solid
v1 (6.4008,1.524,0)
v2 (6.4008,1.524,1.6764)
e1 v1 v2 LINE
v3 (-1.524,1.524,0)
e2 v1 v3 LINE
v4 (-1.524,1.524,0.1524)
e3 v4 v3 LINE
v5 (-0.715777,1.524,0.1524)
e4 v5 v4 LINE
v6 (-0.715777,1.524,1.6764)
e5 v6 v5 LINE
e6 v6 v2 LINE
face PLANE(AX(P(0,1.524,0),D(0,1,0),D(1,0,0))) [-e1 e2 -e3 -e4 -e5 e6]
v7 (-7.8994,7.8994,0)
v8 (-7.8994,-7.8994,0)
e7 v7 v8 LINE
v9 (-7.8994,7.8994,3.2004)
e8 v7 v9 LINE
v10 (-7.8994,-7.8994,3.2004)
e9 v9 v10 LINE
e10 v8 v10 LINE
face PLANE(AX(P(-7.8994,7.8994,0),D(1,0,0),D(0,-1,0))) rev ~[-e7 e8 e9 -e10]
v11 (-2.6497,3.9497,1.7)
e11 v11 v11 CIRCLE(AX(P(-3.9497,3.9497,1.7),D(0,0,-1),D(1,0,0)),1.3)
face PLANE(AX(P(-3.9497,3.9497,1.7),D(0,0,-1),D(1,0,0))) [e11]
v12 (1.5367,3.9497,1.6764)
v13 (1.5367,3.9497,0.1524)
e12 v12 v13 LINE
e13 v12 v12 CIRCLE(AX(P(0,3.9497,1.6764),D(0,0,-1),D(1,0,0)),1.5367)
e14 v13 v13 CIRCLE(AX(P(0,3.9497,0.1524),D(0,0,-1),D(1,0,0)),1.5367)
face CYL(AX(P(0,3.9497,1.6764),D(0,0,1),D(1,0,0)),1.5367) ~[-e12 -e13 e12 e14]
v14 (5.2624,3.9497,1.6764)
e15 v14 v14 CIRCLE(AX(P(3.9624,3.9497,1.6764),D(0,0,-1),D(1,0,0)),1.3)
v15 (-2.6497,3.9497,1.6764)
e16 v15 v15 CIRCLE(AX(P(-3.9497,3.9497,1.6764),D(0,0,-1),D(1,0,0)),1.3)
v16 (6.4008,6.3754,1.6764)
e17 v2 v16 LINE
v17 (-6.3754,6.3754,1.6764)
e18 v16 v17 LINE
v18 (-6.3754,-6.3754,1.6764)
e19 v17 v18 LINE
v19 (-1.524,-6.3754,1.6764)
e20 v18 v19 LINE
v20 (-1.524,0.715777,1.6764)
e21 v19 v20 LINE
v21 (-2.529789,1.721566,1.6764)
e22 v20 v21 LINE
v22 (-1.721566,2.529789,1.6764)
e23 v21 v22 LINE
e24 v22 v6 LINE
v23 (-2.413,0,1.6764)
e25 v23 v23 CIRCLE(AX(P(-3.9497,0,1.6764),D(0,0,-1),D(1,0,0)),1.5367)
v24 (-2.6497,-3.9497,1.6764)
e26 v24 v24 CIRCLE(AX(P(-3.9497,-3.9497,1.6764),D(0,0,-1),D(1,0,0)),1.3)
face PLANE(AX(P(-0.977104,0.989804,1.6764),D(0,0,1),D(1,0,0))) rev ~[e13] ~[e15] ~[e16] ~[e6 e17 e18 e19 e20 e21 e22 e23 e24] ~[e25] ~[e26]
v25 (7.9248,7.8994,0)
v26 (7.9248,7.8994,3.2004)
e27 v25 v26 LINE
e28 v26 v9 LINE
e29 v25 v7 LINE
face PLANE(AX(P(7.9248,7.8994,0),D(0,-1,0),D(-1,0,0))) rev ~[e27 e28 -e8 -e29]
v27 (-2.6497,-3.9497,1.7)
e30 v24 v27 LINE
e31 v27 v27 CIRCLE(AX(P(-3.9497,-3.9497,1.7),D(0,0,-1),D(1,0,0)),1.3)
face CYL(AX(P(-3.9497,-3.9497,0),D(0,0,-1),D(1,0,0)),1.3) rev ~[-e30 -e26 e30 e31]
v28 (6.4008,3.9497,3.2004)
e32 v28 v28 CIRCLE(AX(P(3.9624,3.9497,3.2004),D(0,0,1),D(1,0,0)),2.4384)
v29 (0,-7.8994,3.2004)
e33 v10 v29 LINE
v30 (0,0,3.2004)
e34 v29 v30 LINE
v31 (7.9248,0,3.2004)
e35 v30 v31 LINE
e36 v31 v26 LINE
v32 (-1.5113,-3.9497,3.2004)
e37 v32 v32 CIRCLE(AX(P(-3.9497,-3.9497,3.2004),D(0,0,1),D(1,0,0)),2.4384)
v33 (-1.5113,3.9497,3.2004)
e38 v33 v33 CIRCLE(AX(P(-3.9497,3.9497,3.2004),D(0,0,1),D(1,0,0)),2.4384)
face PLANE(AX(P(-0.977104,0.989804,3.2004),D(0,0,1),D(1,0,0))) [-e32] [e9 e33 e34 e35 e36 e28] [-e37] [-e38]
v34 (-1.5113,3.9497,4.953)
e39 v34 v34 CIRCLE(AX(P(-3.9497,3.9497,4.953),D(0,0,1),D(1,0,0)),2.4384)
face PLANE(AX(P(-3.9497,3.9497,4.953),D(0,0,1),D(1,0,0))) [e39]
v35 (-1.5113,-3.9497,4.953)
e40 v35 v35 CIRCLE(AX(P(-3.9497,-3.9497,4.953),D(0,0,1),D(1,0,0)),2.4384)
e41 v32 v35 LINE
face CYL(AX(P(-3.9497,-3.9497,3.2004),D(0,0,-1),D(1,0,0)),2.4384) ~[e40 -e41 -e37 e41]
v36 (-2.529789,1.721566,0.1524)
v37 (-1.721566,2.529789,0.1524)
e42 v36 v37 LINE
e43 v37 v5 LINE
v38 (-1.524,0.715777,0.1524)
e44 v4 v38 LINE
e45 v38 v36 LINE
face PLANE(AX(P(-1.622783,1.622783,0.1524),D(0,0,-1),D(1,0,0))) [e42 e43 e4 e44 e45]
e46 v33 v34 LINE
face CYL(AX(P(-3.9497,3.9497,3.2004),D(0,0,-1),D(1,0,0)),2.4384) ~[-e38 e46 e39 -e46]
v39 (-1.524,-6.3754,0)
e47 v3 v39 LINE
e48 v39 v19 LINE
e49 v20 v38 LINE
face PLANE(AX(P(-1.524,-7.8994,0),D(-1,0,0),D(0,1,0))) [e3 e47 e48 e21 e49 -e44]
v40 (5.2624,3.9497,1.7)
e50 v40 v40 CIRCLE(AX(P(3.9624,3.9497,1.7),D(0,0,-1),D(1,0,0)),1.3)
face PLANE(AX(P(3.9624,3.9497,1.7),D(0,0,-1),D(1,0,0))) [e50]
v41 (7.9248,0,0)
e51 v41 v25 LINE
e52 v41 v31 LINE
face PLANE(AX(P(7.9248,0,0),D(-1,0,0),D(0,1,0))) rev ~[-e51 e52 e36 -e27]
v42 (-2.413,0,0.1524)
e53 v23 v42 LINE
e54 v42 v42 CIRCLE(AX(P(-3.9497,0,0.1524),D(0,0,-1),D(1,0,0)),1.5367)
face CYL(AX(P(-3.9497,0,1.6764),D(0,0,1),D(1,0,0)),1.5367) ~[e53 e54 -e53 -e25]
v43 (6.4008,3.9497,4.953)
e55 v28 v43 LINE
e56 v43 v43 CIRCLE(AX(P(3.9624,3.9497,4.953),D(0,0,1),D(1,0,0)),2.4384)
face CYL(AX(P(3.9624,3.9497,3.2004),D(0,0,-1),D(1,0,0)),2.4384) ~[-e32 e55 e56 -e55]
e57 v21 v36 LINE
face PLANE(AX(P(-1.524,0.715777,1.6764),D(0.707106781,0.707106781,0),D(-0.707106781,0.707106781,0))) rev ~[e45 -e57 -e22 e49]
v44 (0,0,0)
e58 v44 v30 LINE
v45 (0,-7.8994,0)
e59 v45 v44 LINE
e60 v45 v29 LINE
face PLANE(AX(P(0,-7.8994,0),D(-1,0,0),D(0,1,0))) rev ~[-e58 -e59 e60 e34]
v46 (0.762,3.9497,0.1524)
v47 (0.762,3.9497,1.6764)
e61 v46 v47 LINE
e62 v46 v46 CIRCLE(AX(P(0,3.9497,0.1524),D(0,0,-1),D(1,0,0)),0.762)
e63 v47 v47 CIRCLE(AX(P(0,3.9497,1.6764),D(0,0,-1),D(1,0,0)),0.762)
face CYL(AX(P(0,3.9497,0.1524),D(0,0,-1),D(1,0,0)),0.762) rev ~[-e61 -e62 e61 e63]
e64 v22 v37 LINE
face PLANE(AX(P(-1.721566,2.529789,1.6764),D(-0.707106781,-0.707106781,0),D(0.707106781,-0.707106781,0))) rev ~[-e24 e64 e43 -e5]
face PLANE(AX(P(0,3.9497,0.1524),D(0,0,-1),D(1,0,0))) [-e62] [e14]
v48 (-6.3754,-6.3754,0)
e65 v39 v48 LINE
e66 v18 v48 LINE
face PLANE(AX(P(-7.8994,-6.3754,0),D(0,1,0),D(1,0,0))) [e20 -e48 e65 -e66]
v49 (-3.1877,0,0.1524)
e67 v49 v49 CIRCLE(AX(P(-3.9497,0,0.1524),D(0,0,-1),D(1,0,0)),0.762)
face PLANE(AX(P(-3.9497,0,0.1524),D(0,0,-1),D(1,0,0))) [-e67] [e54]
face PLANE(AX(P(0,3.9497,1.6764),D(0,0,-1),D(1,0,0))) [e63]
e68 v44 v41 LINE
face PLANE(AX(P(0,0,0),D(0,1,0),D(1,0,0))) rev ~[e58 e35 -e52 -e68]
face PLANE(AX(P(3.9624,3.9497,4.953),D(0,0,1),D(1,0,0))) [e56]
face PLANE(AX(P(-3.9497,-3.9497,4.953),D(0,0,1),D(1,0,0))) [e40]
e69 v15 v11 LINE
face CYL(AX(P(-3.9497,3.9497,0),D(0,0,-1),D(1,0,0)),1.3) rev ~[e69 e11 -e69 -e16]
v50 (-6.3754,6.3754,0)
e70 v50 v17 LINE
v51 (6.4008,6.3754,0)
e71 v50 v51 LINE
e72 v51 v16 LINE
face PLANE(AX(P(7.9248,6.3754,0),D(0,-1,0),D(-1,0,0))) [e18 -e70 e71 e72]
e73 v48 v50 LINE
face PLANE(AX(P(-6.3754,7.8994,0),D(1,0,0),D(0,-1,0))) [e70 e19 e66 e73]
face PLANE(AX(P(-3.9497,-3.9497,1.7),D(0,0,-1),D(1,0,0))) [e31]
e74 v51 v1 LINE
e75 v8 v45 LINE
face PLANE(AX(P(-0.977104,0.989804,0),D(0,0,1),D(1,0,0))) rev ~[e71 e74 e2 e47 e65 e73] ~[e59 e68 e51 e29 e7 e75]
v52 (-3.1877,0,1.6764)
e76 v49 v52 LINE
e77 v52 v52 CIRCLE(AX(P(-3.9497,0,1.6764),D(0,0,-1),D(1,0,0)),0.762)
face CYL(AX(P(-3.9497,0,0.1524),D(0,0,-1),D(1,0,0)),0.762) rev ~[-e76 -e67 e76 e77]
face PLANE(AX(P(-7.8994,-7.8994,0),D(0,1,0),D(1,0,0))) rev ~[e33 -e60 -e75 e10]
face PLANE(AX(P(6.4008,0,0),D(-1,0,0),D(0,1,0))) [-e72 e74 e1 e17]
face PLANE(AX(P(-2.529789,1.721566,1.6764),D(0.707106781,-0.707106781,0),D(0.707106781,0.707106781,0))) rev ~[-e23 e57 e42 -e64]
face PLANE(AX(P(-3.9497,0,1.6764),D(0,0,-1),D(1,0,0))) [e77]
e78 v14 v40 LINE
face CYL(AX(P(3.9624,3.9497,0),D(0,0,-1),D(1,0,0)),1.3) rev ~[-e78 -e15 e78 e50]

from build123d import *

# Parameters (mm, degrees)
F1_DEPTH  = 3.2004
F2_T      = -1.524
F3_R      = 2.4384
F4_DEPTH  = 1.7526
F5_R      = 1.3
F6_DEPTH  = 1.7
F8_DEPTH  = 1.524
F9_R      = 1.5367
F10_DEPTH = 1.524
F11_R     = 0.762
F12_DEPTH = 1.524
F13_R     = 0.762
F14_DEPTH = 1.524


with BuildPart() as f1:
    # F0 (on Top) → F1 (new body)
    with BuildSketch(Plane.XY):
        Polygon((-7.8994, -7.8994), (0, -7.8994), (0, 0), (7.9248, 0), (7.9248, 7.8994), (-7.8994, 7.8994), (-7.8994, 0), align=None)
    extrude(amount=F1_DEPTH)

    # F2
    f2_openings = [f1.faces().sort_by_distance(p)[0] for p in [
        (-1.306686, 1.319386, 0),
    ]]
    offset(amount=F2_T, openings=f2_openings, kind=Kind.INTERSECTION)

    # F3 (on face) → F4 (join)
    with BuildSketch(Plane.XY.offset(3.2004)):
        with Locations((3.9624, 3.9497)):
            Circle(F3_R)
        with Locations((-3.9497, 3.9497)):
            Circle(F3_R)
        with Locations((-3.9497, -3.9497)):
            Circle(F3_R)
    extrude(amount=F4_DEPTH)

    # F5 (on face) → F6 (cut)
    with BuildSketch(Plane(origin=(0, 0, 0), x_dir=(1, 0, 0), z_dir=(0, 0, -1))):
        with Locations((-3.9497, 3.9497)):
            Circle(F5_R)
        with Locations((-3.9497, -3.9497)):
            Circle(F5_R)
        with Locations((3.9624, -3.9497)):
            Circle(F5_R)
    extrude(amount=-F6_DEPTH, mode=Mode.SUBTRACT)

    # F7 (on face) → F8 (join)
    with BuildSketch(Plane(origin=(0, 0, 1.6764), x_dir=(1, 0, 0), z_dir=(0, 0, -1))):
        Polygon((-0.7157769491, -1.524), (-1.524, -0.7157769491), (-2.5297886856, -1.7215656347), (-1.7215656347, -2.5297886856), align=None)
    extrude(amount=F8_DEPTH)

    # F9 (on face) → F10 (join)
    with BuildSketch(Plane(origin=(0, 0, 1.6764), x_dir=(1, 0, 0), z_dir=(0, 0, -1))):
        with Locations((-3.9497, 0)):
            Circle(F9_R)
        with Locations((0, -3.9497)):
            Circle(F9_R)
    extrude(amount=F10_DEPTH)

    # F11 (on face) → F12 (cut)
    with BuildSketch(Plane(origin=(0, 0, 0.1524), x_dir=(1, 0, 0), z_dir=(0, 0, -1))):
        with Locations((-3.9497, 0)):
            Circle(F11_R)
    extrude(amount=-F12_DEPTH, mode=Mode.SUBTRACT)

    # F13 (on face) → F14 (cut)
    with BuildSketch(Plane(origin=(0, 0, 0.1524), x_dir=(1, 0, 0), z_dir=(0, 0, -1))):
        with Locations((0, -3.9497)):
            Circle(F13_R)
    extrude(amount=-F14_DEPTH, mode=Mode.SUBTRACT)


solid = f1.part
